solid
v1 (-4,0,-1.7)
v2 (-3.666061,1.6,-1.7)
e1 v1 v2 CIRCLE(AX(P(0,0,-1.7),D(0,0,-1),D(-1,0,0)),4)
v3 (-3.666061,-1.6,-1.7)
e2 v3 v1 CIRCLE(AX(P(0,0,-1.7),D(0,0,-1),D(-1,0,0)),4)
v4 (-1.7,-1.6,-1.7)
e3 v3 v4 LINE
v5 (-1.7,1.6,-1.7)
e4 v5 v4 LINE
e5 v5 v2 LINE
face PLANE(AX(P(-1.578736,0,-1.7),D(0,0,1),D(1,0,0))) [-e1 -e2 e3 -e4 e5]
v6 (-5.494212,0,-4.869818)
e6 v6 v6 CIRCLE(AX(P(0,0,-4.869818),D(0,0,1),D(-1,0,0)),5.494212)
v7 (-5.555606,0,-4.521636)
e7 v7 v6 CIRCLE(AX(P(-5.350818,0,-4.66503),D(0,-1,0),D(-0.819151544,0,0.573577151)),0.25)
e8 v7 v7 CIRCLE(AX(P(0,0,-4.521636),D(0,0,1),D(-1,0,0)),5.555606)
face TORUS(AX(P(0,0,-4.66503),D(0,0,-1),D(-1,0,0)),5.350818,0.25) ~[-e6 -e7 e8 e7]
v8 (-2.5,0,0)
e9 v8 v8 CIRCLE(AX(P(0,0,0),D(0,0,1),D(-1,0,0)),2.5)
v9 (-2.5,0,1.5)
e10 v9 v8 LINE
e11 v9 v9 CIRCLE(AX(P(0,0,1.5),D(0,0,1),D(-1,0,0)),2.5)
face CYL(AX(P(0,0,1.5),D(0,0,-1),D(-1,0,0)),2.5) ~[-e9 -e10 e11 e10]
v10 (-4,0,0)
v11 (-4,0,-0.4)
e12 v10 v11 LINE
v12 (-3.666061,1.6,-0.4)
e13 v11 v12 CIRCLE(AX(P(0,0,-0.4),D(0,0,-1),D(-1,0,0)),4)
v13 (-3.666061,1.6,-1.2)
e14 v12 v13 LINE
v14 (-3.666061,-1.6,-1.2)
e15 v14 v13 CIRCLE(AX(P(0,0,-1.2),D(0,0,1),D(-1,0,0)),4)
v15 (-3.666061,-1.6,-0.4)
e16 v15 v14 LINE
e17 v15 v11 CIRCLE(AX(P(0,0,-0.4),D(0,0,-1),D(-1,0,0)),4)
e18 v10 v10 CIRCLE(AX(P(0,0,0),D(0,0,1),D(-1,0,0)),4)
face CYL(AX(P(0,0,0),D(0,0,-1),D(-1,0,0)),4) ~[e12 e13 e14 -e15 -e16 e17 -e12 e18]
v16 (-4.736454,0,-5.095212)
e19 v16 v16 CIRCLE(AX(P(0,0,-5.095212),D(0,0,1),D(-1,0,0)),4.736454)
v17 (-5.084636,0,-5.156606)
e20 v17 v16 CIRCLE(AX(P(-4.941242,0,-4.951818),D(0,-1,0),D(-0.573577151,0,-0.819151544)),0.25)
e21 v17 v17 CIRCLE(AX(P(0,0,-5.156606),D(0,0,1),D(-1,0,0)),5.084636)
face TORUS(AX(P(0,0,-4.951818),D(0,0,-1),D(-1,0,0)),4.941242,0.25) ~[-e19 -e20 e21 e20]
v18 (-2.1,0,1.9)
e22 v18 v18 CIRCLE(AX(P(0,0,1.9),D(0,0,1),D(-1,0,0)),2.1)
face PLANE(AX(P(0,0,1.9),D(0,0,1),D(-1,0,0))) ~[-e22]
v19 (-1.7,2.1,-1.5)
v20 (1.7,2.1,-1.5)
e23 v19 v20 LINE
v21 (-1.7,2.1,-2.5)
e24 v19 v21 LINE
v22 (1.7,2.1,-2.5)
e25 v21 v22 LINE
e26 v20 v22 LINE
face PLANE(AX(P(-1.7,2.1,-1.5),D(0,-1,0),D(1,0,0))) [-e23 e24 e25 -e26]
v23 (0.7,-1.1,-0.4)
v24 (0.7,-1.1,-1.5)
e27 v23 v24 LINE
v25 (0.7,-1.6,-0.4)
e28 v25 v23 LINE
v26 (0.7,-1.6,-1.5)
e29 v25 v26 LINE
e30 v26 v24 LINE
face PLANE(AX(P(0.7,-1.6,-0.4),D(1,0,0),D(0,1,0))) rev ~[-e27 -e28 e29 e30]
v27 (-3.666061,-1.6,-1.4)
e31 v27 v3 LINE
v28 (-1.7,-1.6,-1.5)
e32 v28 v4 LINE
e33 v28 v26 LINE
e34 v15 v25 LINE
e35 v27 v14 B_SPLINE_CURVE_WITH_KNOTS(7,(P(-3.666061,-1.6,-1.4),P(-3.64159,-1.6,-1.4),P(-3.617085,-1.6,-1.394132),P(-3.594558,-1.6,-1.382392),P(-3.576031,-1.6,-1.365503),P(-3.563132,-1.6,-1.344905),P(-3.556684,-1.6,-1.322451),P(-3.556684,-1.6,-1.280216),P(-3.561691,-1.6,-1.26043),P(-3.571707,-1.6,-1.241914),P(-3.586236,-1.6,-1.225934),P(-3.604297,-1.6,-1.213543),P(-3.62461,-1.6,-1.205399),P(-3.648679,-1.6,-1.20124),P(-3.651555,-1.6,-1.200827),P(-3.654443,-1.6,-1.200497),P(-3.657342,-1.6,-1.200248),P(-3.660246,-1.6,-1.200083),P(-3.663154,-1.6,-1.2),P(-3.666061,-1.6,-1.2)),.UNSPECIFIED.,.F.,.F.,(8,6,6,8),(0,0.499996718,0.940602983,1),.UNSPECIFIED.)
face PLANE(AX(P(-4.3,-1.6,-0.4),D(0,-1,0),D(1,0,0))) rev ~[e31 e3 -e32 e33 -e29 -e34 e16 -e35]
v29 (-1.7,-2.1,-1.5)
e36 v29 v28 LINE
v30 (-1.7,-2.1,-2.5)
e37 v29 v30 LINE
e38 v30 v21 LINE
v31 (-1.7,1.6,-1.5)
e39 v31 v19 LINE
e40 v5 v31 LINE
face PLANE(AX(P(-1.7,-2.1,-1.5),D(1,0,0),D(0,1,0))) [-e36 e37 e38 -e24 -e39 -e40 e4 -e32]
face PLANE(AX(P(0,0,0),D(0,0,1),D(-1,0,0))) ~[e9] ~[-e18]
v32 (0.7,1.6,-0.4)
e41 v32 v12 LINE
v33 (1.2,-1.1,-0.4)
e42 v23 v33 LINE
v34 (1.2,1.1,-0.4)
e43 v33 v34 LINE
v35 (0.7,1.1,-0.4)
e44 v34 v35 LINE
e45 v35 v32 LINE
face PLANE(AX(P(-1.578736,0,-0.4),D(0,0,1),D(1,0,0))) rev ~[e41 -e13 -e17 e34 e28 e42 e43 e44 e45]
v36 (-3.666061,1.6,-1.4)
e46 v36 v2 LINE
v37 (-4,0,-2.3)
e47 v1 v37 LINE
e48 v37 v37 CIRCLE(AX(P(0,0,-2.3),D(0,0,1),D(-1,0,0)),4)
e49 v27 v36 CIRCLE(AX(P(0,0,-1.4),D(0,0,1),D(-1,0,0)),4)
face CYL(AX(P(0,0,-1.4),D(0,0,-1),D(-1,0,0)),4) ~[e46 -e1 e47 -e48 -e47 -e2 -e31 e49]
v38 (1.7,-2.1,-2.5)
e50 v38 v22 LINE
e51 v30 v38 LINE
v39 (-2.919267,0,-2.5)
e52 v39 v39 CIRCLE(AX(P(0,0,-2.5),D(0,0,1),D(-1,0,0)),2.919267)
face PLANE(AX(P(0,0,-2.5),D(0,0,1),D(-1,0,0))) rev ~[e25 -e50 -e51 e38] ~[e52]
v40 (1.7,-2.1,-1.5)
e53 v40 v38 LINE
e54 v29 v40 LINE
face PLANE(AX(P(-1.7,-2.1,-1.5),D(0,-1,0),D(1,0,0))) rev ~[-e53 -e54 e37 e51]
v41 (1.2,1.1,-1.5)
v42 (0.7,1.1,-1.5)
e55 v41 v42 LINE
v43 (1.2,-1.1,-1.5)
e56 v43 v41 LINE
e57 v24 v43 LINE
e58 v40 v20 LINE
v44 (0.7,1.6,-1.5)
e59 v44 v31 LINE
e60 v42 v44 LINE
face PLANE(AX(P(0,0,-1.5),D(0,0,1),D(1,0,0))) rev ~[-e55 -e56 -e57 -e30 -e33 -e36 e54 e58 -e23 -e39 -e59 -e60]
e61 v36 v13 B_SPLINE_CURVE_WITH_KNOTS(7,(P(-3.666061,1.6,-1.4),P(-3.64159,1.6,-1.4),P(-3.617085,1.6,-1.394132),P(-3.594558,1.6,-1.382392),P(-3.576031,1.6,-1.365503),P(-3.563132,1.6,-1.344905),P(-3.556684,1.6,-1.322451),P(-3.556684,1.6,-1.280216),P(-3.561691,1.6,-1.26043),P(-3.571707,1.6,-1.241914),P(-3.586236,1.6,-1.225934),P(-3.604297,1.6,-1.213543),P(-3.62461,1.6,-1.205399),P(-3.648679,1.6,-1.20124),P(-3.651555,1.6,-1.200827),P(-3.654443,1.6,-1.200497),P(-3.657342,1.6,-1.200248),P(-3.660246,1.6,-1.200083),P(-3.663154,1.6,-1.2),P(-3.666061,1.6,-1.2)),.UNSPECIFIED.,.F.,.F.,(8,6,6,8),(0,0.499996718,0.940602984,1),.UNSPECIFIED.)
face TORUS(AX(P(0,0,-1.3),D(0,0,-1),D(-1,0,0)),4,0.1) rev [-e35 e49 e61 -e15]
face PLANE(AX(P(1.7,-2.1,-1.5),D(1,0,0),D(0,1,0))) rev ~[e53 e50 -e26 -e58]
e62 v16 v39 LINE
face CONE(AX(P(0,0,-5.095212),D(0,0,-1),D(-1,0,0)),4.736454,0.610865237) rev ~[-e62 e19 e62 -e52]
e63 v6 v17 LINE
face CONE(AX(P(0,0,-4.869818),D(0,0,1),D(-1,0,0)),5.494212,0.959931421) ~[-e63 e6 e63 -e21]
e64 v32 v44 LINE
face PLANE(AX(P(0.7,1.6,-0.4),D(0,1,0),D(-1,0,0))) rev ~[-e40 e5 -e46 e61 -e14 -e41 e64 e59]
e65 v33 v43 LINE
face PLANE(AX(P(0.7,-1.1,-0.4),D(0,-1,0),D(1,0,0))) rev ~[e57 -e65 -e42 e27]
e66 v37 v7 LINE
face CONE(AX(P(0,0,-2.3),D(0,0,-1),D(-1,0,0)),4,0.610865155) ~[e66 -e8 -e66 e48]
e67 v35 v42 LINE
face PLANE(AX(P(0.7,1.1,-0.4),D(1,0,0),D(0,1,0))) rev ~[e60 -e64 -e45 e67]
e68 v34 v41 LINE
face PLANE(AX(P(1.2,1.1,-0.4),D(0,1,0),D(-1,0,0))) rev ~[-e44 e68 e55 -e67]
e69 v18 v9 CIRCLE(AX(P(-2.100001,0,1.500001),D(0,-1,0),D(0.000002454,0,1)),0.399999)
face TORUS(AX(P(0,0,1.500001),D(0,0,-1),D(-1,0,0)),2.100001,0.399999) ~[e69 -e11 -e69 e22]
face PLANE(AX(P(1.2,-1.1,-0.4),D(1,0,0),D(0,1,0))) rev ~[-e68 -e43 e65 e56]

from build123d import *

# Parameters (mm, degrees)
SKETCH001_W     = 3.4
SKETCH001_H     = 4.2
POCKET_DEPTH    = 5
POCKET001_DEPTH = 1.3


with BuildPart() as part:
    # Sketch → Revolution (revolve)
    with BuildSketch(Plane.XZ):
        with BuildLine():
            Line((0, 1.9), (-2.1, 1.9))
            ThreePointArc((-2.1, 1.9), (-2.382843, 1.782843), (-2.5, 1.5))
            Line((-2.5, 1.5), (-2.5, 0))
            Line((-2.5, 0), (-4, 0))
            Line((-4, 0), (-4, -1.2))
            ThreePointArc((-4, -1.4), (-3.9, -1.3), (-4, -1.2))
            Line((-4, -1.4), (-4, -2.3))
            Line((-4, -2.3), (-5.555606, -4.521636))
            ThreePointArc((-5.555606, -4.521636), (-5.59702, -4.708442), (-5.494212, -4.869818))
            Line((-5.494212, -4.869818), (-5.084636, -5.156606))
            ThreePointArc((-5.084636, -5.156606), (-4.89783, -5.19802), (-4.736454, -5.095212))
            Line((-4.736454, -5.095212), (-2.919267, -2.5))
            Line((-2.919267, -2.5), (0, -2.5))
            Line((0, -2.5), (0, 1.9))
        make_face()
    revolve(axis=Axis((0, 0, 0), (0, 0, 1)))

    # Sketch001 → Pocket (cut)
    with BuildSketch(Plane.XY.offset(-1.5)):
        Rectangle(SKETCH001_W, SKETCH001_H)
    extrude(amount=-POCKET_DEPTH, mode=Mode.SUBTRACT)

    # Sketch002 → Pocket001 (cut)
    with BuildSketch(Plane.XY.offset(-0.4)):
        Polygon((-4.3, 1.6), (-4.3, -1.6), (0.7, -1.6), (0.7, -1.1), (1.2, -1.1), (1.2, 1.1), (0.7, 1.1), (0.7, 1.6), align=None)
    extrude(amount=-POCKET001_DEPTH, mode=Mode.SUBTRACT)


solid = part.part
